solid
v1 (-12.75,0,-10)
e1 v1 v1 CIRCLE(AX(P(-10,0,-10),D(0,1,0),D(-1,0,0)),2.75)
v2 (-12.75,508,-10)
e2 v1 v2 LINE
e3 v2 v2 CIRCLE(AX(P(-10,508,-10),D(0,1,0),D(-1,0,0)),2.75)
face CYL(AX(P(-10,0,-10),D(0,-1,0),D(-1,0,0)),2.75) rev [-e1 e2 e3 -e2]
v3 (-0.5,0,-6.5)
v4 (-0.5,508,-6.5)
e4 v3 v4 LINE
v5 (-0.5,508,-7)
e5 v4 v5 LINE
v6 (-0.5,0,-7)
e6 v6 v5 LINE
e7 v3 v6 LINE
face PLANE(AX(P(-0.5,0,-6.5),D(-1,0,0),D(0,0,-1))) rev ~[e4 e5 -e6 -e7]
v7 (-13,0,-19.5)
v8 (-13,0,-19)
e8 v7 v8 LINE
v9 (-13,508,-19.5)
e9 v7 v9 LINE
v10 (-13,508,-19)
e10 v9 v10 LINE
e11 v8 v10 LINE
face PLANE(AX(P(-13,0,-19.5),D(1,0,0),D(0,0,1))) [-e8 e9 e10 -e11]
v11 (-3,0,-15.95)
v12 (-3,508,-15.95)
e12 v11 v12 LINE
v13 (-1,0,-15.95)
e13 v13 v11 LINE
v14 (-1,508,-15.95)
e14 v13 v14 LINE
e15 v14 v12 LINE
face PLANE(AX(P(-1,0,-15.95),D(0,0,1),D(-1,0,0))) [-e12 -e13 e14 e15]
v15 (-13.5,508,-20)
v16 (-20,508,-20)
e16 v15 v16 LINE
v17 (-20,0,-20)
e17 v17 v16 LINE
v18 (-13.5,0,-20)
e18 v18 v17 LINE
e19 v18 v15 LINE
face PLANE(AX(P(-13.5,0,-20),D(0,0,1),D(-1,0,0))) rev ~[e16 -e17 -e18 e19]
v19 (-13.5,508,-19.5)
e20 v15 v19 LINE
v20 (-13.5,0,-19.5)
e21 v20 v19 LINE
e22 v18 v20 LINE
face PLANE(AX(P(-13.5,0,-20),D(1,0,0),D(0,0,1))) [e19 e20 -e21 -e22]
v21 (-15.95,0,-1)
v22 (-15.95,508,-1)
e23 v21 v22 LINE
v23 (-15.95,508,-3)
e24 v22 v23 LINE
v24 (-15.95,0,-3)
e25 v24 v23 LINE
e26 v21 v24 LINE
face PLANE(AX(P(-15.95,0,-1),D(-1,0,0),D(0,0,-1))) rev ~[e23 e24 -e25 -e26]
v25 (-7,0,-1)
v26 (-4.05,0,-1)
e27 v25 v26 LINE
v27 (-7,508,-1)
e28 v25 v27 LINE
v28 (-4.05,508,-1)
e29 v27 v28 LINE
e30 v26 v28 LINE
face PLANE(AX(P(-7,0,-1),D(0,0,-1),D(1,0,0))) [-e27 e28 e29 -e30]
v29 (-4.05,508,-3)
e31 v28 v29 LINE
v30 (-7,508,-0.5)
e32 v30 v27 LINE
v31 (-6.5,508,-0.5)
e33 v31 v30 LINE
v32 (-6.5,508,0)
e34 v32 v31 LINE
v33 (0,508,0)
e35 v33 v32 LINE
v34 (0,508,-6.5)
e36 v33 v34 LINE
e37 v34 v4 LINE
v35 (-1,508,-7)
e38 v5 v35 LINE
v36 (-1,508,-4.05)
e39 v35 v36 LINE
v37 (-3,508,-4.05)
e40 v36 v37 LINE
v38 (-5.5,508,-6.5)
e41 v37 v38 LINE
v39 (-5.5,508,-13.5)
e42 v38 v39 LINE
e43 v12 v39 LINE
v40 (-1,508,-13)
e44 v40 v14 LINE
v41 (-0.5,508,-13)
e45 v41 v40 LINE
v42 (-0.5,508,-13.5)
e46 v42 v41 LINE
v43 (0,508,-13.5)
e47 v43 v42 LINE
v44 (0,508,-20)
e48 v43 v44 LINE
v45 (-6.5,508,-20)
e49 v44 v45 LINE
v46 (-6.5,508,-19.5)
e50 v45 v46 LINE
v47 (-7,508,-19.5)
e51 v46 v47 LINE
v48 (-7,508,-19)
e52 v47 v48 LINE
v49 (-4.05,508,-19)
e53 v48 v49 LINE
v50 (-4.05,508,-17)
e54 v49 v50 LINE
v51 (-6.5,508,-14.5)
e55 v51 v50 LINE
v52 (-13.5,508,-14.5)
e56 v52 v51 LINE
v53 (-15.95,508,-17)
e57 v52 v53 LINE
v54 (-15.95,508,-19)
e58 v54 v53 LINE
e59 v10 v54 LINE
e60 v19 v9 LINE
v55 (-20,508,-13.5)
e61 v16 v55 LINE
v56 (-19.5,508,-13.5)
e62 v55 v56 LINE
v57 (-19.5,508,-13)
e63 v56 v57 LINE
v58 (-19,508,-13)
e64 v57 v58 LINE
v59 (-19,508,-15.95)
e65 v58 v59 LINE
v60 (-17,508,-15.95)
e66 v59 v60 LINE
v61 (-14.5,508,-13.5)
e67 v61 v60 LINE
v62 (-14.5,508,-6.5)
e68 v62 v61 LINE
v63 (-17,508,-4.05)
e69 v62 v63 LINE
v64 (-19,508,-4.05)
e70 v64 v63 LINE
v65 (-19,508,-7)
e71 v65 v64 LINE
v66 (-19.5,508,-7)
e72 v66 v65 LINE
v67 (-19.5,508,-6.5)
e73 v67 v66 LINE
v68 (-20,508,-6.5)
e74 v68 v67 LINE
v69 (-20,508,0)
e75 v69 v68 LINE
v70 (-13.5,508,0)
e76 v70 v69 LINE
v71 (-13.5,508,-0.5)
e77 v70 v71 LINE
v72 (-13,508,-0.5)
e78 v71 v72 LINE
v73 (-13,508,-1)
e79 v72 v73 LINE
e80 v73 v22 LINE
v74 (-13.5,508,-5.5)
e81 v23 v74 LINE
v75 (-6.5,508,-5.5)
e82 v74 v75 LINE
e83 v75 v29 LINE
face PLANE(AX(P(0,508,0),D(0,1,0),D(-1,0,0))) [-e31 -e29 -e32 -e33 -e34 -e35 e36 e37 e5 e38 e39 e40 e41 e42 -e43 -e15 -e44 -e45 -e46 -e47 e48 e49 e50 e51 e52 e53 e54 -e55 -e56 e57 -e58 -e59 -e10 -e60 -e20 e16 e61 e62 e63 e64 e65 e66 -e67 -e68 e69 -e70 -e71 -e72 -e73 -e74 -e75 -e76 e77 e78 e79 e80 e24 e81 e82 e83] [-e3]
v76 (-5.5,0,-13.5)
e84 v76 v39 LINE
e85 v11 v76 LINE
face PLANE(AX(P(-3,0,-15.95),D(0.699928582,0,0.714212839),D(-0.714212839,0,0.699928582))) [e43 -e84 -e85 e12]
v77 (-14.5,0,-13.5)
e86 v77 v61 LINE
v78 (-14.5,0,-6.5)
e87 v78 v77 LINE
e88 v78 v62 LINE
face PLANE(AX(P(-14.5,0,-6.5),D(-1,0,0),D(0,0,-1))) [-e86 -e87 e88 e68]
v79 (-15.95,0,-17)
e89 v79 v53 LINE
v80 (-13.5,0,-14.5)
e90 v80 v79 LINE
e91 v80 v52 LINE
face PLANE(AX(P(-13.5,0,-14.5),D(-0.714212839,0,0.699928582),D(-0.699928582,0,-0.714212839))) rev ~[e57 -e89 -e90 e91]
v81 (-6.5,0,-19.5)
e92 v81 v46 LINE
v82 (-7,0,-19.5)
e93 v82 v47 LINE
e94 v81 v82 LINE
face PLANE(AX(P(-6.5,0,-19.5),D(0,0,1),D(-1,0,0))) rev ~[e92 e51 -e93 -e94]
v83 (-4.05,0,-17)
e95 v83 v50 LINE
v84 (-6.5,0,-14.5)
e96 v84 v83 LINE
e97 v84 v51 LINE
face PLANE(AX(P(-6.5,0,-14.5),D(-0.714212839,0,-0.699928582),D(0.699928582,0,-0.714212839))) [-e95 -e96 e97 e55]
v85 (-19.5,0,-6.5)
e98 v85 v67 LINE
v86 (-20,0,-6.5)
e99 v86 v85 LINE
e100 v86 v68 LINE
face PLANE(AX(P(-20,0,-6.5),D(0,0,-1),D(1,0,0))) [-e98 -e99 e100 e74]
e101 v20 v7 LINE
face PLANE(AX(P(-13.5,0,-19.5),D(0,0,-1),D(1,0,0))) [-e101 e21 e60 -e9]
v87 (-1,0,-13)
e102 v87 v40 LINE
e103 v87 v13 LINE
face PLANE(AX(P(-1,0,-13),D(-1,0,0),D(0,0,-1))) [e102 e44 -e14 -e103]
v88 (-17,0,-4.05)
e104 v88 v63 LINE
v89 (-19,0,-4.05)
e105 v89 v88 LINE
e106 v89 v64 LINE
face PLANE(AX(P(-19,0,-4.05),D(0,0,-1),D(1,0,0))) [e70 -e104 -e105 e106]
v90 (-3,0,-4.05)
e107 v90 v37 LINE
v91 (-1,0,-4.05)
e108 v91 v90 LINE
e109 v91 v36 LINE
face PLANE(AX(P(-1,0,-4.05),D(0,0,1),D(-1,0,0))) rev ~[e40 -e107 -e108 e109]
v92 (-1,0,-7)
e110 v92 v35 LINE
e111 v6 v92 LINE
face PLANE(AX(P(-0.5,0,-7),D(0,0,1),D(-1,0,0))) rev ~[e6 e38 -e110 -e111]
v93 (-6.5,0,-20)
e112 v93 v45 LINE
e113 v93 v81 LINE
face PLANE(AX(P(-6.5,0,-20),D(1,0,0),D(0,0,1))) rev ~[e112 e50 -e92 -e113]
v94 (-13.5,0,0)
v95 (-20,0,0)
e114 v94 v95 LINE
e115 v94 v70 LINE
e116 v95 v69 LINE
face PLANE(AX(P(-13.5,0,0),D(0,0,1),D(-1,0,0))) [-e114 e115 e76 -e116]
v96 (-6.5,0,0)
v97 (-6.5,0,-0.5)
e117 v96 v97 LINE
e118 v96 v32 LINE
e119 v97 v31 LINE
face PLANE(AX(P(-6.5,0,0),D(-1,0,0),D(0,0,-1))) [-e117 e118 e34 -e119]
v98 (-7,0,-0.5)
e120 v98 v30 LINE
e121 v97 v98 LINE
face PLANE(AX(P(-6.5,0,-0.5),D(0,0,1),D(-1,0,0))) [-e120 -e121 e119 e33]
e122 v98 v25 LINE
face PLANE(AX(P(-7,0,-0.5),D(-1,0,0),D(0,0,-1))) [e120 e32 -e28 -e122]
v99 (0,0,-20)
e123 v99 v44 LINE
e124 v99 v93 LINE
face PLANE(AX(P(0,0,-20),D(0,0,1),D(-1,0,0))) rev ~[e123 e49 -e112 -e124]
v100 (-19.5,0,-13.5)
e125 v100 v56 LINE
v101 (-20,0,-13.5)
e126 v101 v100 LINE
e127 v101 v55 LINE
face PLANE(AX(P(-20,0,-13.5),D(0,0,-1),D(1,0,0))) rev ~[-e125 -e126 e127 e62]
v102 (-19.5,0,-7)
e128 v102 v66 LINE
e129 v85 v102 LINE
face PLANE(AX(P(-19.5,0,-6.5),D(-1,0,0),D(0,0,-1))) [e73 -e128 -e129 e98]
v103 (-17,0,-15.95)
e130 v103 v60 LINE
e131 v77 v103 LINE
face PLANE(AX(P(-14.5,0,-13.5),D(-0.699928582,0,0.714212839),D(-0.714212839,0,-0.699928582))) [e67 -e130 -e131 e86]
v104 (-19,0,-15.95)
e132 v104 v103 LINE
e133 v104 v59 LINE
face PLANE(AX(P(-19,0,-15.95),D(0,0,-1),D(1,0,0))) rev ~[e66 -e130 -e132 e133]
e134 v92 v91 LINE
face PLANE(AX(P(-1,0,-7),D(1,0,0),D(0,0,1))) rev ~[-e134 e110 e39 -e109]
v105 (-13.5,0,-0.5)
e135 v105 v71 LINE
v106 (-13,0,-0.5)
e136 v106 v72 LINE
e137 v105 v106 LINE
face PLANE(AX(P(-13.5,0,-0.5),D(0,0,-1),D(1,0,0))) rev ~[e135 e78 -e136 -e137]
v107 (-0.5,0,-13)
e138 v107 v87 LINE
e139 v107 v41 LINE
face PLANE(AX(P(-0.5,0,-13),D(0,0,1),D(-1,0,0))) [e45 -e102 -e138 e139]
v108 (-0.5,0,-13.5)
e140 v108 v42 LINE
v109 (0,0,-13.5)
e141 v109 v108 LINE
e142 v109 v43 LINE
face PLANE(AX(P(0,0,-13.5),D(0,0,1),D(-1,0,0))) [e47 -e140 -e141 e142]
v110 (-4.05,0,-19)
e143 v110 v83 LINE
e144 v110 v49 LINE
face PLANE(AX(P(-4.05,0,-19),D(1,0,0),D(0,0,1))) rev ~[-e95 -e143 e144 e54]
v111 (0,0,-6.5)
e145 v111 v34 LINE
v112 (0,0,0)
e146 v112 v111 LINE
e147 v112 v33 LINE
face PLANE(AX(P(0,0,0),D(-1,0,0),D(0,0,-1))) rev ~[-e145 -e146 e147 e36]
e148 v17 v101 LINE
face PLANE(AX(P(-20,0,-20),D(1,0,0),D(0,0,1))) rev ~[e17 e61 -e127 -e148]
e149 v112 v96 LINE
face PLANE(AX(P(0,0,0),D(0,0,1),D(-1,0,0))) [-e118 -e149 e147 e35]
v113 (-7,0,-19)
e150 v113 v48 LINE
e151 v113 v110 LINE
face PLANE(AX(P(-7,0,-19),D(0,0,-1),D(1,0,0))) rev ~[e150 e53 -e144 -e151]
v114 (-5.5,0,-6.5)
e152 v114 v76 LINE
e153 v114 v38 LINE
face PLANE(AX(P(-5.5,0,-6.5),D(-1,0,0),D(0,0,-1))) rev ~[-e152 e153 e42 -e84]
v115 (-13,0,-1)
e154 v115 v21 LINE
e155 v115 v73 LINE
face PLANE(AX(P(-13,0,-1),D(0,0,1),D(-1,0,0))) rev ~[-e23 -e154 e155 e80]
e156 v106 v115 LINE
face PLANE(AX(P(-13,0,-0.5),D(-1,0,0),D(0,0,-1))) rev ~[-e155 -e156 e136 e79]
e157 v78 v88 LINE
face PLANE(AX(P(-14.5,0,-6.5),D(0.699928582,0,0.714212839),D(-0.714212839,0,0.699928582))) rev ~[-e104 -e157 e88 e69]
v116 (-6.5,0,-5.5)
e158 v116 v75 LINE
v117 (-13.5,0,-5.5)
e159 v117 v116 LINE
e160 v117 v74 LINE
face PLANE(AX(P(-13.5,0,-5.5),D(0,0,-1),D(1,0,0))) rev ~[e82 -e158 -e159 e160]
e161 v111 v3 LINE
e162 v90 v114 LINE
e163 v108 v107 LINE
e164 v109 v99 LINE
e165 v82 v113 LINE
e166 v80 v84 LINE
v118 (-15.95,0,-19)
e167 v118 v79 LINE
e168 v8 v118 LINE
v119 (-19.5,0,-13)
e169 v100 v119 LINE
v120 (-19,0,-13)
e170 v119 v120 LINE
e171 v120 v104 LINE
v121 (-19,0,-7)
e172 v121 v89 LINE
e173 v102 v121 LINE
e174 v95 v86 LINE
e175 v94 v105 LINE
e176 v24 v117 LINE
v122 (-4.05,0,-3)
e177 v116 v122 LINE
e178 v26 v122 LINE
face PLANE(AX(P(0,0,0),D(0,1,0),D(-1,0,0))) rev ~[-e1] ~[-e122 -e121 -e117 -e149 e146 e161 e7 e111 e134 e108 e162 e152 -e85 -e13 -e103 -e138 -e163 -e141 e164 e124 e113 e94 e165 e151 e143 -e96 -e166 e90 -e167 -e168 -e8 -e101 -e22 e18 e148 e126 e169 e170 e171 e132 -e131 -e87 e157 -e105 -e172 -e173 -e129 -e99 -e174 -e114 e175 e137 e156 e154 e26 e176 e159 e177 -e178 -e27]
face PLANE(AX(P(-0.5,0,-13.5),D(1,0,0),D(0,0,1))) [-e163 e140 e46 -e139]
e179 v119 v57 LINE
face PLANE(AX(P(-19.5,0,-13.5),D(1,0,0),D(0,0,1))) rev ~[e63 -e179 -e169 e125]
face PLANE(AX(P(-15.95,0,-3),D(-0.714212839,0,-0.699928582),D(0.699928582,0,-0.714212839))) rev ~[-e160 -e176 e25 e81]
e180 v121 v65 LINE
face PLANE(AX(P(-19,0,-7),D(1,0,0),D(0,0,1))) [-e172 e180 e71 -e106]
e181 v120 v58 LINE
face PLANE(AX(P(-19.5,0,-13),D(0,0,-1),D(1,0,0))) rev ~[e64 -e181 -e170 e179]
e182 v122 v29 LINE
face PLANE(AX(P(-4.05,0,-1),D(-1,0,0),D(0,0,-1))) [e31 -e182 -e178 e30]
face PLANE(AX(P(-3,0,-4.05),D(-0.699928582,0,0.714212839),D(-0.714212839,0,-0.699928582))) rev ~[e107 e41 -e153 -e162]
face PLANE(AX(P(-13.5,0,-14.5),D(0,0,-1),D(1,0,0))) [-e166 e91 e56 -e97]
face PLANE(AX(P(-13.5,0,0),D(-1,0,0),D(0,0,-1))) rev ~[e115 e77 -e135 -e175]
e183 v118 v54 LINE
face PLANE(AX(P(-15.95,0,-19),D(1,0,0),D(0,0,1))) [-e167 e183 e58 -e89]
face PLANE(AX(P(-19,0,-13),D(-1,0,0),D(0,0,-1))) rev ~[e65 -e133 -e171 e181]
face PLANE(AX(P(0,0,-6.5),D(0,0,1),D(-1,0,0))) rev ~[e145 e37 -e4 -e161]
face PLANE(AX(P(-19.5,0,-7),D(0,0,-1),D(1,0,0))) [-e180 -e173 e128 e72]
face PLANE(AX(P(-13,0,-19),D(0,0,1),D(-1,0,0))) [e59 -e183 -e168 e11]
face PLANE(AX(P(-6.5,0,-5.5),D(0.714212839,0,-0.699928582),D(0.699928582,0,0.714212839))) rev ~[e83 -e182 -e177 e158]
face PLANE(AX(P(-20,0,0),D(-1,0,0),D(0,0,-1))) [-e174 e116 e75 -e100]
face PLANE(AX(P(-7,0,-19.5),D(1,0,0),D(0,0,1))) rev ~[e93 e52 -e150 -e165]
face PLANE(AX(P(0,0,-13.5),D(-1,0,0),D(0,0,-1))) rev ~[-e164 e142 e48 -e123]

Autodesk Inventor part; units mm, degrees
ref_plane "YZ Plane" through (0, 0, 0) normal (1, 0, 0) x (0, 1, 0)
ref_plane "XZ Plane" through (0, 0, 0) normal (0, 1, 0) x (-1, 0, 0)
ref_plane "XY Plane" through (0, 0, 0) normal (0, 0, 1) x (1, 0, 0)
sketch "Sketch1" plane through (0, 0, 0) normal (0, 1, 0) x (-1, 0, 0)
  line L0 (0, 0) -> (0, -6.5)
  line L1 (0, -6.5) -> (0.5, -6.5)
  line L2 (0.5, -6.5) -> (0.5, -7)
  line L3 (0.5, -7) -> (1, -7)
  line L4 (1, -7) -> (1, -4.05)
  line L5 (1, -4.05) -> (3, -4.05)
  line L6 (5.5, -6.5) -> (5.5, -13.5)
  line L7 (0, -13.5) -> (0.5, -13.5)
  line L8 (0.5, -13.5) -> (0.5, -13)
  line L9 (0.5, -13) -> (1, -13)
  line L10 (1, -13) -> (1, -15.95)
  line L11 (1, -15.95) -> (3, -15.95)
  line L12 (3, -15.95) -> (5.5, -13.5)
  line L13 (3, -4.05) -> (5.5, -6.5)
  line L14 (0, -13.5) -> (0, -20)
  line L15 (0, -20) -> (6.5, -20)
  line L16 (6.5, -20) -> (6.5, -19.5)
  line L17 (6.5, -19.5) -> (7, -19.5)
  line L18 (7, -19.5) -> (7, -19)
  line L19 (7, -19) -> (4.05, -19)
  line L20 (4.05, -19) -> (4.05, -17)
  line L21 (0, 0) -> (6.5, 0)
  line L22 (6.5, 0) -> (6.5, -0.5)
  line L23 (6.5, -0.5) -> (7, -0.5)
  line L24 (7, -0.5) -> (7, -1)
  line L25 (7, -1) -> (4.05, -1)
  line L26 (4.05, -1) -> (4.05, -3)
  line L27 (13.5, -20) -> (13.5, -19.5)
  line L28 (13.5, -19.5) -> (13, -19.5)
  line L29 (13, -19.5) -> (13, -19)
  line L30 (13, -19) -> (15.95, -19)
  line L31 (15.95, -19) -> (15.95, -17)
  line L32 (13.5, -14.5) -> (6.5, -14.5)
  line L33 (6.5, -14.5) -> (4.05, -17)
  line L34 (13.5, -14.5) -> (15.95, -17)
  line L35 (13.5, -20) -> (20, -20)
  line L36 (20, -20) -> (20, -13.5)
  line L37 (20, -13.5) -> (19.5, -13.5)
  line L38 (19.5, -13.5) -> (19.5, -13)
  line L39 (19.5, -13) -> (19, -13)
  line L40 (19, -13) -> (19, -15.95)
  line L41 (19, -15.95) -> (17, -15.95)
  line L42 (13.5, 0) -> (13.5, -0.5)
  line L43 (13.5, -0.5) -> (13, -0.5)
  line L44 (13, -0.5) -> (13, -1)
  line L45 (13, -1) -> (15.95, -1)
  line L46 (15.95, -1) -> (15.95, -3)
  line L47 (13.5, 0) -> (20, 0)
  line L48 (20, 0) -> (20, -6.5)
  line L49 (20, -6.5) -> (19.5, -6.5)
  line L50 (19.5, -6.5) -> (19.5, -7)
  line L51 (19.5, -7) -> (19, -7)
  line L52 (19, -7) -> (19, -4.05)
  line L53 (19, -4.05) -> (17, -4.05)
  line L54 (13.5, -5.5) -> (6.5, -5.5)
  line L55 (15.95, -3) -> (13.5, -5.5)
  line L56 (6.5, -5.5) -> (4.05, -3)
  line L57 (14.5, -6.5) -> (14.5, -13.5)
  line L58 (14.5, -13.5) -> (17, -15.95)
  line L59 (14.5, -6.5) -> (17, -4.05)
  circle A0 centre (10, -10) radius 2.75
  dimension "d0" = 6.5
  dimension "d1" = 0.5
  dimension "d2" = 0.5
  dimension "d3" = 0.5
  dimension "d4" = 2.95
  dimension "d5" = 2
  dimension "d6" = 7
  dimension "d7" = 0.5
  dimension "d8" = 2.95
  dimension "d9" = 2
  dimension "d10" = 6.5
  dimension "d11" = 6.5
  dimension "d12" = 0.5
  dimension "d13" = 0.5
  dimension "d14" = 0.5
  dimension "d15" = 2.95
  dimension "d16" = 2
  dimension "d17" = 5.5
  dimension "d18" = 6.5
  dimension "d19" = 0.5
  dimension "d20" = 0.5
  dimension "d21" = 0.5
  dimension "d22" = 2.95
  dimension "d23" = 2
  dimension "d24" = 5.5
  dimension "d25" = 0.5
  dimension "d26" = 0.5
  dimension "d27" = 0.5
  dimension "d28" = 0.5
  dimension "d29" = 2.95
  dimension "d30" = 2
  dimension "d31" = 7
  dimension "d32" = 6.5
  dimension "d33" = 6.5
  dimension "d34" = 0.5
  dimension "d35" = 0.5
  dimension "d36" = 0.5
  dimension "d37" = 2.95
  dimension "d38" = 2
  dimension "d39" = 5.5
  dimension "d40" = 5.5
  dimension "d41" = 0.5
  dimension "d42" = 0.5
  dimension "d43" = 0.5
  dimension "d44" = 2.95
  dimension "d45" = 2
  dimension "d46" = 6.5
  dimension "d47" = 6.5
  dimension "d48" = 0.5
  dimension "d49" = 0.5
  dimension "d50" = 0.5
  dimension "d51" = 2.95
  dimension "d52" = 2
  dimension "d53" = 7
  dimension "d54" = 5.5
  dimension "d55" = 5.5
  dimension "d56" = 5.5
  dimension "d57" = 5.5
  dimension "d58" = 10
  dimension "d59" = 10
extrude "Extrusion1" add sketch "Sketch1" along normal blind 508
properties part number "Tslot_2020extrusion_20inch"
